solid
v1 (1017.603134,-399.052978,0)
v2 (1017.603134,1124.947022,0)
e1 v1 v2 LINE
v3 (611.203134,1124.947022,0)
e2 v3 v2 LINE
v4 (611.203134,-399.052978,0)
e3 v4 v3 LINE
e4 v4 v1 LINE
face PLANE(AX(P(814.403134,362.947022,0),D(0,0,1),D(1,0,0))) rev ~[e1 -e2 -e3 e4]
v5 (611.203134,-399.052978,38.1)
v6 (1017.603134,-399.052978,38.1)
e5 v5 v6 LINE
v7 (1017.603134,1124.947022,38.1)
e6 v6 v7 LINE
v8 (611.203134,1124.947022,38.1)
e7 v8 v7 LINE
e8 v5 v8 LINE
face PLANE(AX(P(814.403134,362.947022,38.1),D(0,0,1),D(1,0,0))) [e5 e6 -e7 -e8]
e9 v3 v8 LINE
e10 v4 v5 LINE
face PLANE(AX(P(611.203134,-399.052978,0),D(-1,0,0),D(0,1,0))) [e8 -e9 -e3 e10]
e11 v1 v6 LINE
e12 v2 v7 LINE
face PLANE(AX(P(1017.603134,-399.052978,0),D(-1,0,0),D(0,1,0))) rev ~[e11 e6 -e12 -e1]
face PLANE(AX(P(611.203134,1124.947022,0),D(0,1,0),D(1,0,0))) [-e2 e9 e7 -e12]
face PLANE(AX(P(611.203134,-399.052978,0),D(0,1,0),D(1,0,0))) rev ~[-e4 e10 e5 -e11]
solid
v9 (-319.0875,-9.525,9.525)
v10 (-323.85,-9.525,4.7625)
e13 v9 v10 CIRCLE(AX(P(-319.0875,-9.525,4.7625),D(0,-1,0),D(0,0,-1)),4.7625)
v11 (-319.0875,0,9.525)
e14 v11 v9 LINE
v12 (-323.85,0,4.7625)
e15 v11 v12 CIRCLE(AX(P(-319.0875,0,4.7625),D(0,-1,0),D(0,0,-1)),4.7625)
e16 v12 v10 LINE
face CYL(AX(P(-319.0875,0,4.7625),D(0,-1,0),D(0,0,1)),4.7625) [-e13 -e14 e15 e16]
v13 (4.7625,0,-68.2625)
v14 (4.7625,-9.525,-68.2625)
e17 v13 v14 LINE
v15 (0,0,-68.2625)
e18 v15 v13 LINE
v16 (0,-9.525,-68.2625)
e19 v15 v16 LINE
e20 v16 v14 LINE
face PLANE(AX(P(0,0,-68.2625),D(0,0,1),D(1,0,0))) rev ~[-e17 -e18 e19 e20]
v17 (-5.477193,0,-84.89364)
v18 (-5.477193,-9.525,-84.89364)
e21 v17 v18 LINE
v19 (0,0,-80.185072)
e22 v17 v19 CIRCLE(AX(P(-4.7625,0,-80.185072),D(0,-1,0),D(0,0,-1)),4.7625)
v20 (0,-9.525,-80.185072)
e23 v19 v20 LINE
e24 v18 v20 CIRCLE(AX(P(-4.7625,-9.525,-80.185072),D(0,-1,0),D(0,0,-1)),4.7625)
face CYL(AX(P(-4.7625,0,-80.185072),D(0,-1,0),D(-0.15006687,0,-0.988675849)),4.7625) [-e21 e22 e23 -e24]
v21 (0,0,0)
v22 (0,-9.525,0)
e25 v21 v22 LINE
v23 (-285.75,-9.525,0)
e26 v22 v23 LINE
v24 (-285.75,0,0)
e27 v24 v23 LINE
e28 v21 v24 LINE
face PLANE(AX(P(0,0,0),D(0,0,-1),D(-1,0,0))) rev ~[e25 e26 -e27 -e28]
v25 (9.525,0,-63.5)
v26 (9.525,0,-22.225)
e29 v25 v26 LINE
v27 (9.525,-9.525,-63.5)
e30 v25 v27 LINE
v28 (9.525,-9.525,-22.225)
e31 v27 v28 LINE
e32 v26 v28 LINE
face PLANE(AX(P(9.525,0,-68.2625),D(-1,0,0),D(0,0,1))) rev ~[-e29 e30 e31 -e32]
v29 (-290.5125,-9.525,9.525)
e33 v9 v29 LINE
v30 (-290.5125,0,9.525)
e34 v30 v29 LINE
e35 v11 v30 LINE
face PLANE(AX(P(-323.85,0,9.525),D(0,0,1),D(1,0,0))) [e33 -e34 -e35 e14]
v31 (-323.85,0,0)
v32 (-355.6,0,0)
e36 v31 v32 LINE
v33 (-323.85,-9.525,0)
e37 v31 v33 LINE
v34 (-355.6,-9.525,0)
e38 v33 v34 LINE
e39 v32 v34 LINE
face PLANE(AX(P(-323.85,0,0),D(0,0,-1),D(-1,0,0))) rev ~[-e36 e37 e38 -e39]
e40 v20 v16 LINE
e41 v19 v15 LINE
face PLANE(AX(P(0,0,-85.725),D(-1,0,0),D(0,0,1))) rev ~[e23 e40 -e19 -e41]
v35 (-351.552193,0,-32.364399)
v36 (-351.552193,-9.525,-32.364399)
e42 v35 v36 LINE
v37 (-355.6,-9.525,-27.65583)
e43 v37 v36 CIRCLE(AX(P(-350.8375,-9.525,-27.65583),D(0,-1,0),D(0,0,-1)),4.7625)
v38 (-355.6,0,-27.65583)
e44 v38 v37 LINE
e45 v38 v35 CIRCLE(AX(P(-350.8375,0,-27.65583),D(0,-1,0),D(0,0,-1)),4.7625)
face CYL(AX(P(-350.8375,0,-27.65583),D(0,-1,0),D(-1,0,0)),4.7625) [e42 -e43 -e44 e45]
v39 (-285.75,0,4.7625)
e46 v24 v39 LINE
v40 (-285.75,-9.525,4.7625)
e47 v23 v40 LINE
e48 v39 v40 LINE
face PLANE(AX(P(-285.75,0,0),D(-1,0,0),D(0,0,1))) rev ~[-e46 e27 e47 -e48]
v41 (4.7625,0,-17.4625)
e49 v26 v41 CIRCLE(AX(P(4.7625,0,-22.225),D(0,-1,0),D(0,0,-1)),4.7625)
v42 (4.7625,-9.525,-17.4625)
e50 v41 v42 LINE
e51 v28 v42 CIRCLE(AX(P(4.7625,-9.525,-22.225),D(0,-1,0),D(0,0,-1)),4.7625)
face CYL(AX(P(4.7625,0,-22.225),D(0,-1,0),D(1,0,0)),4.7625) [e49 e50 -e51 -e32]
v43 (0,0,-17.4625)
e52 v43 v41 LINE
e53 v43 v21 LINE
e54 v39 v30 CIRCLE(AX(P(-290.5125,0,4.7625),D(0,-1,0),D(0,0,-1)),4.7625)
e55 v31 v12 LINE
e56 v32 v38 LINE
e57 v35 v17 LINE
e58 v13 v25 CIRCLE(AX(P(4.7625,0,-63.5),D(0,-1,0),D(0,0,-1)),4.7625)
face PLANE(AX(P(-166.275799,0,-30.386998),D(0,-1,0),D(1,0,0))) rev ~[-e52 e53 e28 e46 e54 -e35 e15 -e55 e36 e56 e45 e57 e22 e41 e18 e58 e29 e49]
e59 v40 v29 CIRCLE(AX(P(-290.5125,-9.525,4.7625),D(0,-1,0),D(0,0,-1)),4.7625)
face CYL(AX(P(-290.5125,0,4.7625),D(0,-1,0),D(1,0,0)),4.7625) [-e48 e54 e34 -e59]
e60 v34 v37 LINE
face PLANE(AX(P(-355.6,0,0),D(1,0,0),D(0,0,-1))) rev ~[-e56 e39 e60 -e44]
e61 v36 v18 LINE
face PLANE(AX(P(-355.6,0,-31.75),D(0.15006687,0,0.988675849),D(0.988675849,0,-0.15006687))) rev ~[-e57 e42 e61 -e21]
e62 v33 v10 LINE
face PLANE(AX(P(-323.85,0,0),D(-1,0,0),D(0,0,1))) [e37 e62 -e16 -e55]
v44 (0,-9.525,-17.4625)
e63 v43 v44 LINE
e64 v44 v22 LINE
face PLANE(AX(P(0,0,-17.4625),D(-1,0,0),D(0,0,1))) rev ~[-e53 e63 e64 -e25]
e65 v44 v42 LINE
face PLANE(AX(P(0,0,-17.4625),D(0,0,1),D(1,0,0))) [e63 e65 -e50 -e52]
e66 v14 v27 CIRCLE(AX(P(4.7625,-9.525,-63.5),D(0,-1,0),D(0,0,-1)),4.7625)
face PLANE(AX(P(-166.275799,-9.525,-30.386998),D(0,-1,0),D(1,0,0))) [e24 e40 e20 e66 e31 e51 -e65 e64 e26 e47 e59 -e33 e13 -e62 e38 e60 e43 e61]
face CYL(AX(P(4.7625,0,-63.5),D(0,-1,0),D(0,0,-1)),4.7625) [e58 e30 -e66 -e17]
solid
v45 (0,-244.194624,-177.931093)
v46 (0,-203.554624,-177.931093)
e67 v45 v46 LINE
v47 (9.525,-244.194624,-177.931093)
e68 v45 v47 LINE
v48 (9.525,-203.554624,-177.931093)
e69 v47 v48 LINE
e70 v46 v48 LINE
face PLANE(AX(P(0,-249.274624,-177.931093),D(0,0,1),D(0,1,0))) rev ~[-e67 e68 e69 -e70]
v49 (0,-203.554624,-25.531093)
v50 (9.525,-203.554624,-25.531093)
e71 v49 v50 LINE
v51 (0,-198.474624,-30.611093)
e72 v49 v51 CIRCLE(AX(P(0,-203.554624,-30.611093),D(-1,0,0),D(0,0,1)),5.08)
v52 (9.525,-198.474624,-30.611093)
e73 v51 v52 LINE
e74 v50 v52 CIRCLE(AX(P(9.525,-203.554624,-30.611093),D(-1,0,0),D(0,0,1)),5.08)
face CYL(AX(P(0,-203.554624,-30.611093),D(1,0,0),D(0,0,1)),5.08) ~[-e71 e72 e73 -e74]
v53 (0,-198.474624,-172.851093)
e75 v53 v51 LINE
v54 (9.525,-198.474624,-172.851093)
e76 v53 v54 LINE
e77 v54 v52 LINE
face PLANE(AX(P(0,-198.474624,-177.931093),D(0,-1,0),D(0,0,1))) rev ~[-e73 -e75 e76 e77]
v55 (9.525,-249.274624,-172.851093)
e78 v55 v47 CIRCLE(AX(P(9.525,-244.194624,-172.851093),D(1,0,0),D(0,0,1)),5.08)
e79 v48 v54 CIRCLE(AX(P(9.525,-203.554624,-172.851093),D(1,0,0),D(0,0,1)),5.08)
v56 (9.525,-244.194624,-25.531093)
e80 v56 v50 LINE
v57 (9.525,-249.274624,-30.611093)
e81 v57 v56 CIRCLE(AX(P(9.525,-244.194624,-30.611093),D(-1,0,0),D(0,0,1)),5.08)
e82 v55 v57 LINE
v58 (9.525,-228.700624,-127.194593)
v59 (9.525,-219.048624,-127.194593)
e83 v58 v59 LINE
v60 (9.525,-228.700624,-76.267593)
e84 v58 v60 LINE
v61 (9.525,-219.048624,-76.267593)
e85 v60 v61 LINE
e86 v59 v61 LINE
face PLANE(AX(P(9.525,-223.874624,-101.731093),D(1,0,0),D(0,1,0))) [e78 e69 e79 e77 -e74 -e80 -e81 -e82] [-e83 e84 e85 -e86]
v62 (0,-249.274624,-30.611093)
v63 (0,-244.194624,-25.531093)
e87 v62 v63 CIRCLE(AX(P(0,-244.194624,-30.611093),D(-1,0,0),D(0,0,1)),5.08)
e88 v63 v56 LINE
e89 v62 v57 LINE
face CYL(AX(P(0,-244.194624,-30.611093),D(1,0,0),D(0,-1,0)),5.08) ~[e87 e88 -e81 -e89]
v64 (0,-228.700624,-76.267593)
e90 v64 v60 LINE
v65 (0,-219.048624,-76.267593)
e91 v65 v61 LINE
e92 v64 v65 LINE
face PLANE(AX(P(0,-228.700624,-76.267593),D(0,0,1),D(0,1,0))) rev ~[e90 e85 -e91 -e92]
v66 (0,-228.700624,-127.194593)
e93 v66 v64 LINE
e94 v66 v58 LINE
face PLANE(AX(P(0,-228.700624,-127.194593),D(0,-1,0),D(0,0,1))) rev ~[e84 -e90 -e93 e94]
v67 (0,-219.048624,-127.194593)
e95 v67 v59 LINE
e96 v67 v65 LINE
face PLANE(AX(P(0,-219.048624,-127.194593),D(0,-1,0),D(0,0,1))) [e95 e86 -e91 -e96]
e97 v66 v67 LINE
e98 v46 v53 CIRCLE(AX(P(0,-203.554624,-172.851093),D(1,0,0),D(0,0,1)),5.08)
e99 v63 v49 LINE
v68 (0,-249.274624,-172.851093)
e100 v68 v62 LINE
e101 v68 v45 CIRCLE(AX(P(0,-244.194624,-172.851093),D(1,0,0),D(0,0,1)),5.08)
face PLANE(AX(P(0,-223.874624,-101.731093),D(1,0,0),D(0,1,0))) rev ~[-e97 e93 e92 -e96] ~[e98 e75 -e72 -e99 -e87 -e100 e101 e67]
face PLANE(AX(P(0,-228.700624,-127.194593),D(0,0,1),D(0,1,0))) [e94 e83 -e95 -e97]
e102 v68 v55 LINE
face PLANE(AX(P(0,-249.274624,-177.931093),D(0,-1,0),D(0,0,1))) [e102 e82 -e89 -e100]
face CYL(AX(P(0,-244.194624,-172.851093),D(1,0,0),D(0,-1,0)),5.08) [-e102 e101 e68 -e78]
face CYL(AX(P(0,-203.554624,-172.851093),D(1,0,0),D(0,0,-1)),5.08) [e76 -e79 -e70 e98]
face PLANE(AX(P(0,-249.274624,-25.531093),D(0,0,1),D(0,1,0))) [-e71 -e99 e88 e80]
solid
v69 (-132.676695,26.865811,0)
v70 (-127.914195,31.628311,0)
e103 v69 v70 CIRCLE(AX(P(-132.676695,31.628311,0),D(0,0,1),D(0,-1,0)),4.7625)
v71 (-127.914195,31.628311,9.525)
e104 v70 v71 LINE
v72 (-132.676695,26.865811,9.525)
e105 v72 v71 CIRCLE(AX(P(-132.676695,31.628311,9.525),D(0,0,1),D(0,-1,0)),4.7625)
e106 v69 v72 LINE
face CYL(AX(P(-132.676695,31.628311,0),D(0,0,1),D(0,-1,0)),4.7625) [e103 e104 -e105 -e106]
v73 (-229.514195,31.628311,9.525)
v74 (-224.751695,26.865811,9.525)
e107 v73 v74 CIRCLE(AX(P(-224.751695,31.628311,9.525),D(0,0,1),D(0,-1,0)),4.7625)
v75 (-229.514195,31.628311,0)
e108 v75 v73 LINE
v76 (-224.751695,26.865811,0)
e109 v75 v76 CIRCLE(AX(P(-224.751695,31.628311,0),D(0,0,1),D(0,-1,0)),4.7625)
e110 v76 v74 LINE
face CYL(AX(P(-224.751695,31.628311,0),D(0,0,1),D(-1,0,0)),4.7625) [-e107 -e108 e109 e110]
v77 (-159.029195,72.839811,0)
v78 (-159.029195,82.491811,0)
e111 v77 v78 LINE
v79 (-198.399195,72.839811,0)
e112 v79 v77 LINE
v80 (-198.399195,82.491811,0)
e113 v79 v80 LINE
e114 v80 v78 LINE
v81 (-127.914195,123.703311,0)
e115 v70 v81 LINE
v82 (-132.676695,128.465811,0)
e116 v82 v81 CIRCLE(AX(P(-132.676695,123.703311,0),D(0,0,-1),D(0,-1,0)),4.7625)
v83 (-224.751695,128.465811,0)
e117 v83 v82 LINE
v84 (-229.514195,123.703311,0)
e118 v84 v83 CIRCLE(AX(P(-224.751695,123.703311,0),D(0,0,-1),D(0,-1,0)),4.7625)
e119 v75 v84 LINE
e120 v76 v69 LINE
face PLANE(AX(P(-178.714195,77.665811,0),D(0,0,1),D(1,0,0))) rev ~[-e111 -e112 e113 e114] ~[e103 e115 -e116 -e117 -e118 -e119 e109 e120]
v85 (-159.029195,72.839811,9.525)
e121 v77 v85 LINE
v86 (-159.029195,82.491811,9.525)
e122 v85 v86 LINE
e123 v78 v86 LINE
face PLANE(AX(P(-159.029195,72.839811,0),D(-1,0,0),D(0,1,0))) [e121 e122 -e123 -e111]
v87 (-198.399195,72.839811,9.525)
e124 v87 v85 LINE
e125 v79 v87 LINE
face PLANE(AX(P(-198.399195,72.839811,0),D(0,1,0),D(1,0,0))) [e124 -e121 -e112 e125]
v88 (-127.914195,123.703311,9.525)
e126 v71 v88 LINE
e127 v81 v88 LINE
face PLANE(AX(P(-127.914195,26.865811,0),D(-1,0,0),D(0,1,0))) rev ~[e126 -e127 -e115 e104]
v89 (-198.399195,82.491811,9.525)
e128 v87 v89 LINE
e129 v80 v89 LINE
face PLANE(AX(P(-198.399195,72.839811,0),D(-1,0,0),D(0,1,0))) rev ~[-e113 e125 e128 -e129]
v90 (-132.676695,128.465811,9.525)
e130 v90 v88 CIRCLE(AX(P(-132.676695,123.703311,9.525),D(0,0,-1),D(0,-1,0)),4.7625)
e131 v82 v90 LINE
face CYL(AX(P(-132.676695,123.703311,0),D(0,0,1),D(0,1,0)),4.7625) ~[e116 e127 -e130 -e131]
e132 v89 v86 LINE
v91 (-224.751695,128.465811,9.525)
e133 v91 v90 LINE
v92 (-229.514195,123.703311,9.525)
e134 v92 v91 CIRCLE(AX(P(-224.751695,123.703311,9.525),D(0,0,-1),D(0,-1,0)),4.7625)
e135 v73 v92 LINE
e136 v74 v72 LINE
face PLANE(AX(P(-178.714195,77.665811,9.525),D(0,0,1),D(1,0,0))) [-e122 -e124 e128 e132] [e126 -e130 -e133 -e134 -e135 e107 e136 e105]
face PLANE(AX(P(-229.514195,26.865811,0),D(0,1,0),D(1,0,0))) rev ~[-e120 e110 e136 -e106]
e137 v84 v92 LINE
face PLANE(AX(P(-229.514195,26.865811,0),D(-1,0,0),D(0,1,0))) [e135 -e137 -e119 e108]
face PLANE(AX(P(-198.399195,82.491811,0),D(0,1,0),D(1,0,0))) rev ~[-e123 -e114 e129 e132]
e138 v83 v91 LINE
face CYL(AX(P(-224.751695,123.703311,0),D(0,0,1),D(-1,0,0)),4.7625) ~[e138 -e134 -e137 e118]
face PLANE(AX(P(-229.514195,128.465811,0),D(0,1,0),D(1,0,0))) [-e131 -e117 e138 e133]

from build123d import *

# Parameters (mm, degrees)
F0_W     = 38.1
F0_H     = 9.525
F0_W_2   = 9.525
F0_H_2   = 50.8
F1_DEPTH = 9.525
F2_R     = 4.7625
F3_W     = 101.6
F3_H     = 101.6
F3_W_2   = 39.37
F3_H_2   = 9.652
F4_DEPTH = 9.525
F5_R     = 4.7625
F6_W     = 406.4
F6_H     = 1524
F7_DEPTH = 38.1
F8_W     = 50.8
F8_H     = 152.4
F8_W_2   = 9.652
F8_H_2   = 50.927
F9_DEPTH = 9.525
F10_R    = 5.08


with BuildPart() as f1:
    # F0 (on Front) → F1 (new body)
    with BuildSketch(Plane.XZ):
        Polygon((0, -17.4625), (0, 0), (-285.75, 0), (-323.85, 0), (-355.6, 0), (-355.6, -31.75), (0, -85.725), (0, -68.2625), align=None)
        with Locations((-304.8, 4.7625)):
            Rectangle(F0_W, F0_H)
        with Locations((4.7625, -42.8625)):
            Rectangle(F0_W_2, F0_H_2)
    extrude(amount=F1_DEPTH)

    # F2
    f2_edges = [f1.edges().sort_by_distance(p)[0] for p in [
        (-355.6, -4.7625, -31.75),
        (-323.85, -4.7625, 9.525),
        (-285.75, -4.7625, 9.525),
        (0, -4.7625, -85.725),
        (9.525, -4.7625, -17.4625),
        (9.525, -4.7625, -68.2625),
    ]]
    fillet(f2_edges, radius=F2_R)


with BuildPart() as f4:
    # F3 (on Top) → F4 (new body)
    with BuildSketch(Plane.XY):
        with Locations((-178.714195, 77.665811)):
            Rectangle(F3_W, F3_H)
        with Locations((-178.714195, 77.665811)):
            Rectangle(F3_W_2, F3_H_2, mode=Mode.SUBTRACT)
    extrude(amount=F4_DEPTH)

    # F5
    f5_edges = [f4.edges().sort_by_distance(p)[0] for p in [
        (-229.514195, 26.865811, 4.7625),
        (-229.514195, 128.465811, 4.7625),
        (-127.914195, 26.865811, 4.7625),
        (-127.914195, 128.465811, 4.7625),
    ]]
    fillet(f5_edges, radius=F5_R)


with BuildPart() as f7:
    # F6 (on Top) → F7 (new body)
    with BuildSketch(Plane.XY):
        with Locations((814.403134, 362.947022)):
            Rectangle(F6_W, F6_H)
    extrude(amount=F7_DEPTH)


with BuildPart() as f9:
    # F8 (on Right) → F9 (new body)
    with BuildSketch(Plane.YZ):
        with Locations((-223.874624, -101.731093)):
            Rectangle(F8_W, F8_H)
        with Locations((-223.874624, -101.731093)):
            Rectangle(F8_W_2, F8_H_2, mode=Mode.SUBTRACT)
    extrude(amount=F9_DEPTH)

    # F10
    f10_edges = [f9.edges().sort_by_distance(p)[0] for p in [
        (4.7625, -249.274624, -25.531093),
        (4.7625, -249.274624, -177.931093),
        (4.7625, -198.474624, -177.931093),
        (4.7625, -198.474624, -25.531093),
    ]]
    fillet(f10_edges, radius=F10_R)


solid = Compound([f1.part, f4.part, f7.part, f9.part])
